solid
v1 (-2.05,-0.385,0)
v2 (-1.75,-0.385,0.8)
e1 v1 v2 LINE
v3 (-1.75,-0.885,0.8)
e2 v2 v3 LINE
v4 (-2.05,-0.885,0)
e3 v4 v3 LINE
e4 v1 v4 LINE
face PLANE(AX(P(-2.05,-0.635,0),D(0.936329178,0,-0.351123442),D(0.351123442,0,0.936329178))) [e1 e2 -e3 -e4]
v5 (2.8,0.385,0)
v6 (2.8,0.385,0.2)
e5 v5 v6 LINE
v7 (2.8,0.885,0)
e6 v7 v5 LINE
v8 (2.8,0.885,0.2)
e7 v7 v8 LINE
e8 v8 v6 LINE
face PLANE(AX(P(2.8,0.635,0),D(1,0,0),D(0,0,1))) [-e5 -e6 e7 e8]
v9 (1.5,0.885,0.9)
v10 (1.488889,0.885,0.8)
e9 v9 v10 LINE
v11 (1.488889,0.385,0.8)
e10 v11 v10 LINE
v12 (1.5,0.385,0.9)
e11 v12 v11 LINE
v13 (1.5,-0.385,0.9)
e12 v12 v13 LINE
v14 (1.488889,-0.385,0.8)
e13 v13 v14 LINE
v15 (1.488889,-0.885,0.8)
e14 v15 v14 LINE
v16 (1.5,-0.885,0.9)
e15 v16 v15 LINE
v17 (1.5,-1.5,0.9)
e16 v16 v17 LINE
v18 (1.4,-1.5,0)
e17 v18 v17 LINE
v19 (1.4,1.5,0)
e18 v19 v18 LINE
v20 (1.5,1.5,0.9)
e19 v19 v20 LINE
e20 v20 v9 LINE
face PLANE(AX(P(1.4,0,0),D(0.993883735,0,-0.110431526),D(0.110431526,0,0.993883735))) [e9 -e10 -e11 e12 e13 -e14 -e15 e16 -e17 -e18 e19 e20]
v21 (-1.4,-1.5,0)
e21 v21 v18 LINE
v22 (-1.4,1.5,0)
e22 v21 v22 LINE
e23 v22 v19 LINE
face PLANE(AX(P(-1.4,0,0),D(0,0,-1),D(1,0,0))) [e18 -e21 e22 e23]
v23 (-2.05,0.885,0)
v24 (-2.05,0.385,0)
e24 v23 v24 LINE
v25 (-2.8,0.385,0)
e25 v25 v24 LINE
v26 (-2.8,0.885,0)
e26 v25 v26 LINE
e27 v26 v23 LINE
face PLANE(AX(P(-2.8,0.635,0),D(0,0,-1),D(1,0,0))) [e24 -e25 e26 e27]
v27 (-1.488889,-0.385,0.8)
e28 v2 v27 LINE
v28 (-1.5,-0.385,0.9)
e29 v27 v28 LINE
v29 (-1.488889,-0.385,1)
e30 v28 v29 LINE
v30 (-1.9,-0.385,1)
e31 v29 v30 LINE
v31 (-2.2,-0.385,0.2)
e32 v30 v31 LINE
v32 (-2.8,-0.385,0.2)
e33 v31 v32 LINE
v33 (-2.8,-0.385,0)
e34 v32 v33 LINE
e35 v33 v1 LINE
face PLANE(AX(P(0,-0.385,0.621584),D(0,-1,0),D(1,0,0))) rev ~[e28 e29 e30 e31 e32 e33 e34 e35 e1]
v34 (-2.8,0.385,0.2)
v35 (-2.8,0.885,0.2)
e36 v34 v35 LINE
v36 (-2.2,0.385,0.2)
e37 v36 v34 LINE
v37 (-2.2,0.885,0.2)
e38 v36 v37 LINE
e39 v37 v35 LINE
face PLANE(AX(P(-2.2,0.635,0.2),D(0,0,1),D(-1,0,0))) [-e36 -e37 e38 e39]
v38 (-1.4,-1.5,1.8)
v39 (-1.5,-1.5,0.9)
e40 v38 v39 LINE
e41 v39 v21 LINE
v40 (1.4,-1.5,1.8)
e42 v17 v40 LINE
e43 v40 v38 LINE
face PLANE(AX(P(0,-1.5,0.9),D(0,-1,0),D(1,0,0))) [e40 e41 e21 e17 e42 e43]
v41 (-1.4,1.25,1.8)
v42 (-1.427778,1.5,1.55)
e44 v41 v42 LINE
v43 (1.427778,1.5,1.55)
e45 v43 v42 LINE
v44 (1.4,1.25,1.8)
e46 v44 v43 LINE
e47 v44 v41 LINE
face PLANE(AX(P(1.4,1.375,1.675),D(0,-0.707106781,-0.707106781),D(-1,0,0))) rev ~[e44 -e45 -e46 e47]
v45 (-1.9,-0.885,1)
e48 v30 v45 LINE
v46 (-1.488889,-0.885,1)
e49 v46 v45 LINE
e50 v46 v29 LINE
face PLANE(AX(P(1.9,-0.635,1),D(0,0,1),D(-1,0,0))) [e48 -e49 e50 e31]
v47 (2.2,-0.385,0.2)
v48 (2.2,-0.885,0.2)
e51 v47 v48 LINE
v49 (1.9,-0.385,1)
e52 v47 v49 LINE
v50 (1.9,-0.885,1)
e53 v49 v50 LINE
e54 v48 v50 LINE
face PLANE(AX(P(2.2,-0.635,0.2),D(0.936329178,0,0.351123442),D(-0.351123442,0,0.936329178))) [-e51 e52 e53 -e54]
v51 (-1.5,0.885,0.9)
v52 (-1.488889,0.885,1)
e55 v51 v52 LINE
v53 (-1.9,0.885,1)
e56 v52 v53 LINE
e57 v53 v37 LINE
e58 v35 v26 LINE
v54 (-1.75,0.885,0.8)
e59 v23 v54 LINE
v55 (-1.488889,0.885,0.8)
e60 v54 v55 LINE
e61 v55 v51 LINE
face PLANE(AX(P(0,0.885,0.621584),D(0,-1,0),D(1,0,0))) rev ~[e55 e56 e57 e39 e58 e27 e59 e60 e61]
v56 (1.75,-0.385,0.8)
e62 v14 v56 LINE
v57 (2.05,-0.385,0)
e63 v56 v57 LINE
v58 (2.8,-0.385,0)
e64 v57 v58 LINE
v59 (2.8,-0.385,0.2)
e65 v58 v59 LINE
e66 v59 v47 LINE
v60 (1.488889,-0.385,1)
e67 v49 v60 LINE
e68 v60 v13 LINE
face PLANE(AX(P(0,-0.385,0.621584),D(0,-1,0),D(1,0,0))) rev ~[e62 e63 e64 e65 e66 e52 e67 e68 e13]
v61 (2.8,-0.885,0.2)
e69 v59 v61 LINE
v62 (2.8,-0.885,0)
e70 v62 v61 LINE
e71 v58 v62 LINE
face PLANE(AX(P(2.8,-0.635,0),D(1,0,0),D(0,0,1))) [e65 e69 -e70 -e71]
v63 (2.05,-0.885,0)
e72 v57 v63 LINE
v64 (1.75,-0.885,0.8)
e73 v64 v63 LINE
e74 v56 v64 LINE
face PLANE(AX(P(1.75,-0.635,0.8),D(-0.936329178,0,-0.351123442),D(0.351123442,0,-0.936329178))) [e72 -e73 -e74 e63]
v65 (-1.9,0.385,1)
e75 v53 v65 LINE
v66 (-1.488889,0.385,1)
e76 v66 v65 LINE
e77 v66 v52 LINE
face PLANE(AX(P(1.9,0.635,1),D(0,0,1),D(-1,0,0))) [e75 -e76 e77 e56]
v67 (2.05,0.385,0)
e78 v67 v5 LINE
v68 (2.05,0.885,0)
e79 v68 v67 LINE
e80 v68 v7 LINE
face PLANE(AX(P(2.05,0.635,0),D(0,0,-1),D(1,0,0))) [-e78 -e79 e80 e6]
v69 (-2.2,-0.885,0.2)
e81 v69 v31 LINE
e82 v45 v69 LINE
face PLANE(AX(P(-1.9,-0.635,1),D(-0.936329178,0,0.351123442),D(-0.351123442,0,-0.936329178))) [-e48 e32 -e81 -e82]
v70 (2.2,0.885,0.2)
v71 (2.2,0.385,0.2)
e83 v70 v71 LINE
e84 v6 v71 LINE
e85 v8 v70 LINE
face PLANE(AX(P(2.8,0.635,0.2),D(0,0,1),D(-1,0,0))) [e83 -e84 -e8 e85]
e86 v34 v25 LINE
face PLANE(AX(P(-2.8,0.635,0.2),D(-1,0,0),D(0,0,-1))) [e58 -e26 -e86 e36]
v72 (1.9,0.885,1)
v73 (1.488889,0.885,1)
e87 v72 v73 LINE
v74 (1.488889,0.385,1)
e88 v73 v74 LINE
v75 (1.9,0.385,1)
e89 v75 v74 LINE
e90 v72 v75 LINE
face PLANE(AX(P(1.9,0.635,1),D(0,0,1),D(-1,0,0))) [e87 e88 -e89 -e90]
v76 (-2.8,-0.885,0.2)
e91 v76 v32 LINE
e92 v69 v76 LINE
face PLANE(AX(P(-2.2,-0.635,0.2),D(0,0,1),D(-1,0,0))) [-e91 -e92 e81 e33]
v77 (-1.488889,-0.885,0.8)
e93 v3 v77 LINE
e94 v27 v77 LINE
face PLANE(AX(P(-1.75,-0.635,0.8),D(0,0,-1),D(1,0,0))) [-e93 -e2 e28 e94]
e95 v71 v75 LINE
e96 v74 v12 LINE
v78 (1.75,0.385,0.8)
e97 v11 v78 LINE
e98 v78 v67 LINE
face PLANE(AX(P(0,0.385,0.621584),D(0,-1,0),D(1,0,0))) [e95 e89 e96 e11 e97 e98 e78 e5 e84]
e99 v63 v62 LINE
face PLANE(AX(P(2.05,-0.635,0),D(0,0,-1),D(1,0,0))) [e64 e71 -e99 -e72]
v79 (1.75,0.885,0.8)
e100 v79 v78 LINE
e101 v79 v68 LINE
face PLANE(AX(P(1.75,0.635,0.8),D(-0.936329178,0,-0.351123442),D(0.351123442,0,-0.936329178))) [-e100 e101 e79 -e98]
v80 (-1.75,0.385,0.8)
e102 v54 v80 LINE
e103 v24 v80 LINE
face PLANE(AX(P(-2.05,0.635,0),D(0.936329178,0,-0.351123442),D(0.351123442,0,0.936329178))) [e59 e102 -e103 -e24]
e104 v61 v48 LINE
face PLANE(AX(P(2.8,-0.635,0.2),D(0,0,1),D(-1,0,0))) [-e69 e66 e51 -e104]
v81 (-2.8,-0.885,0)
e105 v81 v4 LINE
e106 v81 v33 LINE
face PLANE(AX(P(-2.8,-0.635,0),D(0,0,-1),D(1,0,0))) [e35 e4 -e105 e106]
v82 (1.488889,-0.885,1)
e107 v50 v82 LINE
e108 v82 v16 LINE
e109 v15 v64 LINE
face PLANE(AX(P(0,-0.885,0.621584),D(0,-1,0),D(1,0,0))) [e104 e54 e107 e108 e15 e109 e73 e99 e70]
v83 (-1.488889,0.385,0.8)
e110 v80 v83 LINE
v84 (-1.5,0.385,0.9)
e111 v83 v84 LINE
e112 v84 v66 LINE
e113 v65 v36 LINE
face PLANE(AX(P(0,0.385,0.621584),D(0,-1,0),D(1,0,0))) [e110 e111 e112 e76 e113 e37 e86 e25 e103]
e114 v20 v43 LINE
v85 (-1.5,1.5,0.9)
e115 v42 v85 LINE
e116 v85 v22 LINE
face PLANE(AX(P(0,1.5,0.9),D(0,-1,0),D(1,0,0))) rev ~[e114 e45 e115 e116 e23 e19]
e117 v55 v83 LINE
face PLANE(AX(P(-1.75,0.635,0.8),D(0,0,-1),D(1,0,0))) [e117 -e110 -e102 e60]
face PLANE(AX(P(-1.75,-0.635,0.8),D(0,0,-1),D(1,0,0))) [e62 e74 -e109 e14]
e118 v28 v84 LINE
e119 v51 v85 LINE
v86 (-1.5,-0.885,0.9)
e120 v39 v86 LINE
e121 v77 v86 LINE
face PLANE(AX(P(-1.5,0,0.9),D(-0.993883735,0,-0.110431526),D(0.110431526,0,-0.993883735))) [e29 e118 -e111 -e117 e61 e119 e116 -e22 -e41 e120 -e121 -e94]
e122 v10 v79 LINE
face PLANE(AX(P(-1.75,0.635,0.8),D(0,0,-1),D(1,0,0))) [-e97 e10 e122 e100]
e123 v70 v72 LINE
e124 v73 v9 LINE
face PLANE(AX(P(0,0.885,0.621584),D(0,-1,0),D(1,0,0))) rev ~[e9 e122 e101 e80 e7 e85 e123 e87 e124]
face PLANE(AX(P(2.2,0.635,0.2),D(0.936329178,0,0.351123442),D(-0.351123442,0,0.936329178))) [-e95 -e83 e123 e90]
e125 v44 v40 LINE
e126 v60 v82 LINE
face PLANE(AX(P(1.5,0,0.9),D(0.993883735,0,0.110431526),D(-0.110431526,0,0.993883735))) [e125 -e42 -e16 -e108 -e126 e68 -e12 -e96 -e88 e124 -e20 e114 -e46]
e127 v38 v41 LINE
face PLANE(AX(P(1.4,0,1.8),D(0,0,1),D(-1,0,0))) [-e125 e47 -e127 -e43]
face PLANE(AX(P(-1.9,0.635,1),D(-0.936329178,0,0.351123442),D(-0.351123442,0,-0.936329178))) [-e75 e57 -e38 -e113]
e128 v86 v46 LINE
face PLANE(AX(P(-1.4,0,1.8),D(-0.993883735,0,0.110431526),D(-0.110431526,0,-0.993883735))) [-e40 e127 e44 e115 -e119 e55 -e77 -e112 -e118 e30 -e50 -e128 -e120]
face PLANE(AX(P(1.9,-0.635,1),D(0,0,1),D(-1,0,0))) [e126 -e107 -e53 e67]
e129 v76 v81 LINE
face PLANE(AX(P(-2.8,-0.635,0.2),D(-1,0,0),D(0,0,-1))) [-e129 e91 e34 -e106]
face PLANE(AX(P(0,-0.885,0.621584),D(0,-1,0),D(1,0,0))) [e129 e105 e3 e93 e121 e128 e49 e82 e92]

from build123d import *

# Parameters (mm, degrees)
PAD002_DEPTH = 0.25
PAD003_DEPTH = 0.25
PAD_DEPTH    = 1.5
CHAMFER_SIZE = 0.25


with BuildPart() as pad002:
    # Sketch002 → Pad002 (new body, symmetric)
    with BuildSketch(Plane.XZ.offset(-0.635)):
        Polygon((-2.8, 0), (-2.05, 0), (-1.75, 0.8), (1.75, 0.8), (2.05, 0), (2.8, 0), (2.8, 0.2), (2.2, 0.2), (1.9, 1), (-1.9, 1), (-2.2, 0.2), (-2.8, 0.2), align=None)
    extrude(amount=PAD002_DEPTH, both=True)


with BuildPart() as pad003:
    # Sketch003 → Pad003 (new body, symmetric)
    with BuildSketch(Plane.XZ.offset(0.635)):
        Polygon((-2.8, 0), (-2.05, 0), (-1.75, 0.8), (1.75, 0.8), (2.05, 0), (2.8, 0), (2.8, 0.2), (2.2, 0.2), (1.9, 1), (-1.9, 1), (-2.2, 0.2), (-2.8, 0.2), align=None)
    extrude(amount=PAD003_DEPTH, both=True)


with BuildPart() as chamfer_mp_cp:
    # Sketch → Pad (new body, symmetric)
    with BuildSketch(Plane.XZ):
        Polygon((-1.4, 0), (1.4, 0), (1.5, 0.9), (1.4, 1.8), (-1.4, 1.8), (-1.5, 0.9), align=None)
    extrude(amount=PAD_DEPTH, both=True)

    # Chamfer
    chamfer_edges = [chamfer_mp_cp.edges().sort_by_distance(p)[0] for p in [
        (0, 1.5, 1.8),
    ]]
    chamfer(chamfer_edges, length=CHAMFER_SIZE)

    # Chamfer_mp_cp: union Pad002, Pad003
    add(pad002.part)
    add(pad003.part)


solid = chamfer_mp_cp.part
